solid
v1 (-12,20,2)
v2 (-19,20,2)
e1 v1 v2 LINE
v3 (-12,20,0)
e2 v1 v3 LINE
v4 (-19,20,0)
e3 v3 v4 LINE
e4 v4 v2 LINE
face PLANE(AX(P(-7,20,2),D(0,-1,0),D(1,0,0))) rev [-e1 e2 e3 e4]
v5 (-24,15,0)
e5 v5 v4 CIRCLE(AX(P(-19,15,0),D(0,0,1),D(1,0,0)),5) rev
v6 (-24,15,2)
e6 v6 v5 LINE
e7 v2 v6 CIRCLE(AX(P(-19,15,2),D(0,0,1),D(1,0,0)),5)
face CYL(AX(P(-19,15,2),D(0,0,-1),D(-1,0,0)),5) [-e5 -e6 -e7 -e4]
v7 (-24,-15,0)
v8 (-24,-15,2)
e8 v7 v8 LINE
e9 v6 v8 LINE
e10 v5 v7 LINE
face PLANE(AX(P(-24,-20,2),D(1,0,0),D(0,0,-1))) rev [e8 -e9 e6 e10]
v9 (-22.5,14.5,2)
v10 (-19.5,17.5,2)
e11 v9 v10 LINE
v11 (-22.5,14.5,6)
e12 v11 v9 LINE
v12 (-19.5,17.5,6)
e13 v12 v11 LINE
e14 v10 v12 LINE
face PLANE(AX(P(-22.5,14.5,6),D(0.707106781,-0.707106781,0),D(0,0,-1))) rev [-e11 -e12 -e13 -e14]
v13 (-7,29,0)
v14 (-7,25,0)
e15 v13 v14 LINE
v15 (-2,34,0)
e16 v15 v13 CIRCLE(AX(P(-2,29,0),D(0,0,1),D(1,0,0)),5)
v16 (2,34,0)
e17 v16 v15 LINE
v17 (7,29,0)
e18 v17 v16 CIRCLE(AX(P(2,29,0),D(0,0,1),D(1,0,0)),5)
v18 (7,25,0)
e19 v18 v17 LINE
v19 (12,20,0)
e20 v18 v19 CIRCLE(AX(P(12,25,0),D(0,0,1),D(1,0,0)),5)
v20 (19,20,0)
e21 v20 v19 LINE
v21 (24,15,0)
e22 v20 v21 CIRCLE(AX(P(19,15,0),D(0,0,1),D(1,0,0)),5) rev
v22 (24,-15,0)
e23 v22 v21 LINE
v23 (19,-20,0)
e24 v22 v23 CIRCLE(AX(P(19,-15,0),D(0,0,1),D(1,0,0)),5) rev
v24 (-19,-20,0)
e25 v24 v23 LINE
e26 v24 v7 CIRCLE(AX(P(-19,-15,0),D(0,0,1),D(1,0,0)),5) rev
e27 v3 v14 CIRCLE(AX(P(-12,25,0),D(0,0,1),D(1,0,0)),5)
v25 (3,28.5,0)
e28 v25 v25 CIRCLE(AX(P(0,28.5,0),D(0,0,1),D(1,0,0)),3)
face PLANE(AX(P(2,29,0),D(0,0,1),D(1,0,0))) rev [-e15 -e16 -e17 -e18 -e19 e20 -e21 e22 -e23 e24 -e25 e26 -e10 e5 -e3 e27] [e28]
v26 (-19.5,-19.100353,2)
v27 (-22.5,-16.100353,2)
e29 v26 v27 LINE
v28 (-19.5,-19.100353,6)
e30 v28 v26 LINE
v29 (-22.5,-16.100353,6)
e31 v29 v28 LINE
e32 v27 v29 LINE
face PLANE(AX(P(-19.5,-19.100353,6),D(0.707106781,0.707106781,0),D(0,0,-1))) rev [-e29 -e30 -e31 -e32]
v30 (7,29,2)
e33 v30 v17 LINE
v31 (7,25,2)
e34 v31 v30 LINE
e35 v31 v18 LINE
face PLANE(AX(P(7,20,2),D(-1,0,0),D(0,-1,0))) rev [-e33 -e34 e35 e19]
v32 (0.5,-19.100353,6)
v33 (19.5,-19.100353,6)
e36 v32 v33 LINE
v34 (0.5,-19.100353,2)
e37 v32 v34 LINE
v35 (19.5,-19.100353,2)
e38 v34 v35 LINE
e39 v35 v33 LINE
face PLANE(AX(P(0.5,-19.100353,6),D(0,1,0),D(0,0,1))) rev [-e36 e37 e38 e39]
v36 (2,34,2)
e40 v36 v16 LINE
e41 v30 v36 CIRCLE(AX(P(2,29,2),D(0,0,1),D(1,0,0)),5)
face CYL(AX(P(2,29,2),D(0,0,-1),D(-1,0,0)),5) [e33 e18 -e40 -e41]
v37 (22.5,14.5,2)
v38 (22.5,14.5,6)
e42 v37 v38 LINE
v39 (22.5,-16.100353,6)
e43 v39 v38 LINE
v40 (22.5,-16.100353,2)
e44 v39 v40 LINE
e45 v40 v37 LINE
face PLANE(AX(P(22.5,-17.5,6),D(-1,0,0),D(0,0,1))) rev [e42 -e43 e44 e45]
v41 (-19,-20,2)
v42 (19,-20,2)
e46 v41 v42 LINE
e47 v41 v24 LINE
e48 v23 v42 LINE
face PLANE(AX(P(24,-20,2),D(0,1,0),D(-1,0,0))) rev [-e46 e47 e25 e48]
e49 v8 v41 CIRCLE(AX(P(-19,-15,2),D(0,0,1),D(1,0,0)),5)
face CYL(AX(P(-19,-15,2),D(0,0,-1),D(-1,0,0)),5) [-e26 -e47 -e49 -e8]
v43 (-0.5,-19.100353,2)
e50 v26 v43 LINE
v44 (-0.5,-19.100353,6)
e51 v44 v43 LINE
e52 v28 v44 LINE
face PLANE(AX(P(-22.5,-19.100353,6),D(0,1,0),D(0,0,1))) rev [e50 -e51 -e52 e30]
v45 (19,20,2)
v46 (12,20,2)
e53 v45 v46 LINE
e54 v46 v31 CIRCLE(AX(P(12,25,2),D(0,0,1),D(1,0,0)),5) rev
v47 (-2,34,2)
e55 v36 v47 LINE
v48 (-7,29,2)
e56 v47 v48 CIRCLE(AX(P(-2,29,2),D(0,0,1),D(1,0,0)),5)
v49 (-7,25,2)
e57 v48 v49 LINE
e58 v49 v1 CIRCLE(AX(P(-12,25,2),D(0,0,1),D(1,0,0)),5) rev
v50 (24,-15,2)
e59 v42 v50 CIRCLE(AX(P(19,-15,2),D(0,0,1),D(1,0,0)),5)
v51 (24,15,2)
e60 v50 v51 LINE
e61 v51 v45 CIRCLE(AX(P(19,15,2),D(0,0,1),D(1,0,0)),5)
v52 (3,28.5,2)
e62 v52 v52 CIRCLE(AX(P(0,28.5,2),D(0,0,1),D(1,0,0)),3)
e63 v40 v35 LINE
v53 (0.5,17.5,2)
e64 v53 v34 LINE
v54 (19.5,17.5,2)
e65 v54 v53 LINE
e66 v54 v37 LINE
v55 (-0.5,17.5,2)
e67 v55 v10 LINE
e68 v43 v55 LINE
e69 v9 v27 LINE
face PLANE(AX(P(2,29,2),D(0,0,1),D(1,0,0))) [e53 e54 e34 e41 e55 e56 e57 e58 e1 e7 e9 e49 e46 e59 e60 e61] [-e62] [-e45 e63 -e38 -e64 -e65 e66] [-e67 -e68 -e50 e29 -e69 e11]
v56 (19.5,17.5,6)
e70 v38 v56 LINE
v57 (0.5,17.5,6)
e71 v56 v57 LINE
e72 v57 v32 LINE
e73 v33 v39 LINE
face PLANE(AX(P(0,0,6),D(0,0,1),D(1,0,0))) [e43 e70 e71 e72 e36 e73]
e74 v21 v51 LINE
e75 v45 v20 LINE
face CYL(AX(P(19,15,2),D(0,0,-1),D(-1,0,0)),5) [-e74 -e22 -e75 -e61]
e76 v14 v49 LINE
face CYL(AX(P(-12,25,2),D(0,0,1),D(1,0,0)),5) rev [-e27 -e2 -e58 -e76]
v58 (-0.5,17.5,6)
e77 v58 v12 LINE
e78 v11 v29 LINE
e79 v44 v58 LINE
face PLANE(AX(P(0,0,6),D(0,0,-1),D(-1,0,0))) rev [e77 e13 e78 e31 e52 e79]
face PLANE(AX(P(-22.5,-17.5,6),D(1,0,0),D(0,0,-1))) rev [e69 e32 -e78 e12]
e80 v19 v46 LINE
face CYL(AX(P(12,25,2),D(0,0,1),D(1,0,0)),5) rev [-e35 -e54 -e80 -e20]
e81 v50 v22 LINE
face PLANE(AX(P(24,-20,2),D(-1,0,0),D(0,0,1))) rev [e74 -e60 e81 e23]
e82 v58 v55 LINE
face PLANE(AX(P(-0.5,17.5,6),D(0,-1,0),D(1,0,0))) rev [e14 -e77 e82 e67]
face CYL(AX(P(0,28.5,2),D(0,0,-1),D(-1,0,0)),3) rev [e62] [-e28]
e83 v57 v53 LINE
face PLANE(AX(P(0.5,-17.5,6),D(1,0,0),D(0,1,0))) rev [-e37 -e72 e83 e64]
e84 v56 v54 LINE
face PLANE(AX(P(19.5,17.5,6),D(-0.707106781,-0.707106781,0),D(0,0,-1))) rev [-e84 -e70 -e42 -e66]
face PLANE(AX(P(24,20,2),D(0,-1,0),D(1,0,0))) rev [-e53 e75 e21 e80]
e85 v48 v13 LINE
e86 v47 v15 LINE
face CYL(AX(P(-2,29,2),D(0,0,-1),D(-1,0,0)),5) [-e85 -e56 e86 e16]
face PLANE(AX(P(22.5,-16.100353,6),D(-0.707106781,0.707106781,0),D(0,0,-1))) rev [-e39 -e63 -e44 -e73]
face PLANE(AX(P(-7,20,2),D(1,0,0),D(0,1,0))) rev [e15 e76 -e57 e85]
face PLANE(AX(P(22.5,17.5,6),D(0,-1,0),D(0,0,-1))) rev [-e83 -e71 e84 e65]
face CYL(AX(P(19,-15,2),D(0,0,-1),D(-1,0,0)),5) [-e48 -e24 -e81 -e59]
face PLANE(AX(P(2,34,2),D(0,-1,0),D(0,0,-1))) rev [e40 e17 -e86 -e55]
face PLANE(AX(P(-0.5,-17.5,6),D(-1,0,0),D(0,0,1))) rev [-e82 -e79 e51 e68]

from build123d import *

# Parameters (mm, degrees)
SKETCH1_R           = 3
BOSS_EXTRUDE1_DEPTH = 2
BOSS_EXTRUDE2_DEPTH = 4
CHAMFER1_SIZE       = 3
FILLET1_R           = 5


with BuildPart() as part:
    # Sketch1 → Boss-Extrude1 (new body)
    with BuildSketch(Plane.XY):
        with BuildLine():
            Line((24, -20), (-24, -20))
            Line((-24, -20), (-24, 20))
            Line((-24, 20), (-7, 20))
            Line((-7, 20), (-7, 29))
            ThreePointArc((-7, 29), (-5.535533906, 32.535533906), (-2, 34))
            Line((-2, 34), (2, 34))
            ThreePointArc((2, 34), (5.535533906, 32.535533906), (7, 29))
            Line((7, 29), (7, 20))
            Line((7, 20), (24, 20))
            Line((24, 20), (24, -20))
        make_face()
        with Locations((0, 28.5)):
            Circle(SKETCH1_R, mode=Mode.SUBTRACT)
    extrude(amount=BOSS_EXTRUDE1_DEPTH)

    # Sketch2 → Boss-Extrude2 (add)
    with BuildSketch(Plane.XY.offset(2)):
        Polygon((-22.5, -17.5), (-22.5, -19.10035342), (-0.5, -19.10035342), (-0.5, -17.5), (-0.5, 17.5), (-22.5, 17.5), align=None)
        Polygon((22.5, -17.5), (22.5, 17.5), (0.5, 17.5), (0.5, -17.5), (0.5, -19.10035342), (22.5, -19.10035342), align=None)
    extrude(amount=BOSS_EXTRUDE2_DEPTH)

    # Chamfer1
    chamfer1_edges = [part.edges().sort_by_distance(p)[0] for p in [
        (-22.5, 17.5, 4),
        (-22.5, -19.10035342, 4),
        (22.5, -19.10035342, 4),
        (22.5, 17.5, 4),
    ]]
    chamfer(chamfer1_edges, length=CHAMFER1_SIZE)

    # Fillet1
    fillet1_edges = [part.edges().sort_by_distance(p)[0] for p in [
        (-7, 20, 1),
        (7, 20, 1),
        (24, 20, 1),
        (24, -20, 1),
        (-24, -20, 1),
        (-24, 20, 1),
    ]]
    fillet(fillet1_edges, radius=FILLET1_R)


solid = part.part
